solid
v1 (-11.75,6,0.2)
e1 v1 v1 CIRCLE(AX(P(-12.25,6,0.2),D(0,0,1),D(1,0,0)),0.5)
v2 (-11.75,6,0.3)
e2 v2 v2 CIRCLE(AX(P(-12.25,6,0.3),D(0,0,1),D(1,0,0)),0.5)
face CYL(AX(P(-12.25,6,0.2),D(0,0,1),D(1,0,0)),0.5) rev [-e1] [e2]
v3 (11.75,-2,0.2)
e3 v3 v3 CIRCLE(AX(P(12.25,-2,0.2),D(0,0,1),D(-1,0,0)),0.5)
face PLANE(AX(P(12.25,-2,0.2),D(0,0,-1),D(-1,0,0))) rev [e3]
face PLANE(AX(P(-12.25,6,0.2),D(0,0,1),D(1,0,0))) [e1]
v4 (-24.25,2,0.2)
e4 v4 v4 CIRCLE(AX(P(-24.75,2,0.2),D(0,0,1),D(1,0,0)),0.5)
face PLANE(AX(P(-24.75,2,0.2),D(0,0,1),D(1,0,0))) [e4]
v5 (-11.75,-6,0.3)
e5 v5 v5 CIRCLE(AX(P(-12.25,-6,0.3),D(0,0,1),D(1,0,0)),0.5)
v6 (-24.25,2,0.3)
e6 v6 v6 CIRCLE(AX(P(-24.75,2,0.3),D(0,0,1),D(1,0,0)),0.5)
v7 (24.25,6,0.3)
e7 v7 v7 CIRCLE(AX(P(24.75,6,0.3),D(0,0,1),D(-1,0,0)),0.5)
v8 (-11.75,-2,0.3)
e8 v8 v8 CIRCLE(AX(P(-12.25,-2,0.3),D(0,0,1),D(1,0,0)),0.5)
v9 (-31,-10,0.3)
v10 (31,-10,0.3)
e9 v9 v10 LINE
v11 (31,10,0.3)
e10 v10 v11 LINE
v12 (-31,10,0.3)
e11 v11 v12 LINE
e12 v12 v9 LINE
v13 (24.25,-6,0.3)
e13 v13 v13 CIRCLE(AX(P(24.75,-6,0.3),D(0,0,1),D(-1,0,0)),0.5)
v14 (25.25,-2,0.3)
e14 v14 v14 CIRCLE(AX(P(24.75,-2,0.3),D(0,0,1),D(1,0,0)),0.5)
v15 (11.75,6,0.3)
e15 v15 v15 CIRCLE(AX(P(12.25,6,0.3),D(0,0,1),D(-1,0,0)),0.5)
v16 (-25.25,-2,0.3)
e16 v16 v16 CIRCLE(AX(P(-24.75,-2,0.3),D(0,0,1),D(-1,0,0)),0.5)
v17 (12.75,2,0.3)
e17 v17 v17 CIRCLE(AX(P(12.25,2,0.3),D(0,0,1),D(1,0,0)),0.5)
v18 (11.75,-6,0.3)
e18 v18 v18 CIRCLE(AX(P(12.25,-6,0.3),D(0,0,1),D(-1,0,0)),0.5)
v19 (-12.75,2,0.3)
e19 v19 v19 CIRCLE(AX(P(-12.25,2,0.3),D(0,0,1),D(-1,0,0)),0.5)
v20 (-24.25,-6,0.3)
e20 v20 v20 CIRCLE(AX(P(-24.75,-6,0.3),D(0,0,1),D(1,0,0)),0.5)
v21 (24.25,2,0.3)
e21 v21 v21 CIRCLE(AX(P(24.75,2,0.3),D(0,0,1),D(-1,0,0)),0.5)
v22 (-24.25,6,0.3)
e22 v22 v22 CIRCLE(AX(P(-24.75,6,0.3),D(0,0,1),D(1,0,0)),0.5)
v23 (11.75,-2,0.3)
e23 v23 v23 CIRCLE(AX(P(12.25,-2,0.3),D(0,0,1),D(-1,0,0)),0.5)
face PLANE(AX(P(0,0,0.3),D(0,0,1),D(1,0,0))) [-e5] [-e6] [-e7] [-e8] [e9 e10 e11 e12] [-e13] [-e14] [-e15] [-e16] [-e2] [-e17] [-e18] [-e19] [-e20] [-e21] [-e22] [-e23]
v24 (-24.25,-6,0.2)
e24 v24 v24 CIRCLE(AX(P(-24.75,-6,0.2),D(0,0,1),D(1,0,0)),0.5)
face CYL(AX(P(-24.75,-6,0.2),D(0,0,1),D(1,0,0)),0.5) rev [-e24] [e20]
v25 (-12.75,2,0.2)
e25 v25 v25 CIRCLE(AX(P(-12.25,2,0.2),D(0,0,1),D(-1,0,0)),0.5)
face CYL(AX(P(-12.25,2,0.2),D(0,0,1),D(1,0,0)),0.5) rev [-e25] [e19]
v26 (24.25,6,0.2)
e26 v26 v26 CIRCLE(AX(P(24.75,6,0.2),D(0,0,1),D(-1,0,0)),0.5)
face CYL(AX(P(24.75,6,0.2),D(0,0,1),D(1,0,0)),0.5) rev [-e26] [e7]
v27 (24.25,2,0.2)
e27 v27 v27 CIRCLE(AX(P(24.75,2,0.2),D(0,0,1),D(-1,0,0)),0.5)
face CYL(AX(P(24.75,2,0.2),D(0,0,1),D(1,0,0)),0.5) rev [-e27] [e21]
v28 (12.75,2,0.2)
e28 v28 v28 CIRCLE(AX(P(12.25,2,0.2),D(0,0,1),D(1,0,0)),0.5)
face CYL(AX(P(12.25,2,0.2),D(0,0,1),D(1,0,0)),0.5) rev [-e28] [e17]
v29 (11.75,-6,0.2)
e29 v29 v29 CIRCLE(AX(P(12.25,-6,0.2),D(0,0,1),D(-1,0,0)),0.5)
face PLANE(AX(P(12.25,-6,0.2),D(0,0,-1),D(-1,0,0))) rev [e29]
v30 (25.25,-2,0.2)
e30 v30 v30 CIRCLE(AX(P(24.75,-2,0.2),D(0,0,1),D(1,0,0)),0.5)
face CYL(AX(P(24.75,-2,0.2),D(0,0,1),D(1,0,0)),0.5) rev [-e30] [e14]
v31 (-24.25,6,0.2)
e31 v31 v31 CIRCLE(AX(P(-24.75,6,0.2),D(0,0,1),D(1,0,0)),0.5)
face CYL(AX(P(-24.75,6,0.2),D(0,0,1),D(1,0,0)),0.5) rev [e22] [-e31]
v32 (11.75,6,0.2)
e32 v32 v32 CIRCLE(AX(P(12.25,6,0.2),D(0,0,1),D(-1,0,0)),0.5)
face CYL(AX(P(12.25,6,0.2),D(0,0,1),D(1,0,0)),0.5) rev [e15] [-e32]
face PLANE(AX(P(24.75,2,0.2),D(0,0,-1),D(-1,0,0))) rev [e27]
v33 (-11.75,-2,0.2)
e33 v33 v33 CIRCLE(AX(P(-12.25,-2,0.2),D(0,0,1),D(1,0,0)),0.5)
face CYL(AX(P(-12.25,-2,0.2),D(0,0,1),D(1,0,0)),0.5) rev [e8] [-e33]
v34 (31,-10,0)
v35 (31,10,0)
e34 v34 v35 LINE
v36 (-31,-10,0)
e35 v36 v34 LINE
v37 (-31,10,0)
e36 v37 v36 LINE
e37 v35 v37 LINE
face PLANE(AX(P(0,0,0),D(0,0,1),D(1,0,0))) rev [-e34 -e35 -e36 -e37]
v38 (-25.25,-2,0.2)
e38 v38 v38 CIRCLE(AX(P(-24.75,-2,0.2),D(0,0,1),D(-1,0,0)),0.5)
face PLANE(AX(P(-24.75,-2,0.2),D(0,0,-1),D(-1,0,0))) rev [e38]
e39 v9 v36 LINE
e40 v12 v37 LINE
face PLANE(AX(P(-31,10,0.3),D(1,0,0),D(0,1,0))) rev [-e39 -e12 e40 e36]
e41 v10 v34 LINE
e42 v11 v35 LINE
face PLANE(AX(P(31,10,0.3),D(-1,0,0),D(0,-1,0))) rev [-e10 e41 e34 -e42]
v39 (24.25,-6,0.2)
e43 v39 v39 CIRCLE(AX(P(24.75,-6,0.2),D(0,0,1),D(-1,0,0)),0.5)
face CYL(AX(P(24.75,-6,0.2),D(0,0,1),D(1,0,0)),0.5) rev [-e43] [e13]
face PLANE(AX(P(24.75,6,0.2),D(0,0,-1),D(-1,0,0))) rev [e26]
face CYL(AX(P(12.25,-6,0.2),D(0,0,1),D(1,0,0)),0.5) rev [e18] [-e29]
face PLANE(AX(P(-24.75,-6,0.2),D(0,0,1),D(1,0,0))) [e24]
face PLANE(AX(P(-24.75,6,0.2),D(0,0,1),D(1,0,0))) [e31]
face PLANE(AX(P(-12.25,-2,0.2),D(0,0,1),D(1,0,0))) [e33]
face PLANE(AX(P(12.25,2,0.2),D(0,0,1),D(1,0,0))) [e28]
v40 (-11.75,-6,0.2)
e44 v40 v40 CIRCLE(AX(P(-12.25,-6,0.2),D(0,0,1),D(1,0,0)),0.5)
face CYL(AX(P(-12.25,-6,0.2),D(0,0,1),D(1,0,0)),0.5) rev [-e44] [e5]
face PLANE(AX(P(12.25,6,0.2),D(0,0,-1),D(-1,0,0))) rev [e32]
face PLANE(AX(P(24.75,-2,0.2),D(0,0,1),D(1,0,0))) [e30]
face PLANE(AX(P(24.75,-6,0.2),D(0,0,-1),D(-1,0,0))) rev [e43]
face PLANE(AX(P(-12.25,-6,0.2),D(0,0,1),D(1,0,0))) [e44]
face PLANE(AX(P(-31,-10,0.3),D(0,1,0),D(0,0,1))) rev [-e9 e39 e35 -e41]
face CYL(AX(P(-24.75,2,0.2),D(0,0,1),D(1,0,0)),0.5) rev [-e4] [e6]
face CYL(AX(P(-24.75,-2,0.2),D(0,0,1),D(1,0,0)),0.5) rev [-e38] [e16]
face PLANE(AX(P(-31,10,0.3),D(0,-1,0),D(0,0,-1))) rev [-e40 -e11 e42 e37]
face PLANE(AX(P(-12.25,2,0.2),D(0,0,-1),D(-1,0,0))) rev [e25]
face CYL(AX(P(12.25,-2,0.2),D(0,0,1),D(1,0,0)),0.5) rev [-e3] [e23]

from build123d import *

# Parameters (mm, degrees)
SZKIC1_W                    = 62
SZKIC1_H                    = 20
DODANIE_WYCI_GNI_CIE1_DEPTH = 0.3
SZKIC2_R                    = 0.5
WYTNIJ_WYCI_GNI_CIE1_DEPTH  = 0.1


with BuildPart() as part:
    # Szkic1 → Dodanie-wyciągnięcie1 (new body)
    with BuildSketch(Plane.XY):
        Rectangle(SZKIC1_W, SZKIC1_H)
    extrude(amount=DODANIE_WYCI_GNI_CIE1_DEPTH)

    # Szkic2 → Wytnij-wyciągnięcie1 (cut)
    with BuildSketch(Plane.XY.offset(0.3)):
        with Locations((-24.75, 2)):
            Circle(SZKIC2_R)
        with Locations((-24.75, -2)):
            Circle(SZKIC2_R)
        with Locations((-12.25, 2)):
            Circle(SZKIC2_R)
        with Locations((-12.25, -2)):
            Circle(SZKIC2_R)
        with Locations((12.25, -2)):
            Circle(SZKIC2_R)
        with Locations((12.25, 2)):
            Circle(SZKIC2_R)
        with Locations((24.75, -2)):
            Circle(SZKIC2_R)
        with Locations((24.75, 2)):
            Circle(SZKIC2_R)
        with Locations((-24.75, 6)):
            Circle(SZKIC2_R)
        with Locations((-12.25, 6)):
            Circle(SZKIC2_R)
        with Locations((-24.75, -6)):
            Circle(SZKIC2_R)
        with Locations((-12.25, -6)):
            Circle(SZKIC2_R)
        with Locations((24.75, -6)):
            Circle(SZKIC2_R)
        with Locations((12.25, -6)):
            Circle(SZKIC2_R)
        with Locations((12.25, 6)):
            Circle(SZKIC2_R)
        with Locations((24.75, 6)):
            Circle(SZKIC2_R)
    extrude(amount=-WYTNIJ_WYCI_GNI_CIE1_DEPTH, mode=Mode.SUBTRACT)


solid = part.part
